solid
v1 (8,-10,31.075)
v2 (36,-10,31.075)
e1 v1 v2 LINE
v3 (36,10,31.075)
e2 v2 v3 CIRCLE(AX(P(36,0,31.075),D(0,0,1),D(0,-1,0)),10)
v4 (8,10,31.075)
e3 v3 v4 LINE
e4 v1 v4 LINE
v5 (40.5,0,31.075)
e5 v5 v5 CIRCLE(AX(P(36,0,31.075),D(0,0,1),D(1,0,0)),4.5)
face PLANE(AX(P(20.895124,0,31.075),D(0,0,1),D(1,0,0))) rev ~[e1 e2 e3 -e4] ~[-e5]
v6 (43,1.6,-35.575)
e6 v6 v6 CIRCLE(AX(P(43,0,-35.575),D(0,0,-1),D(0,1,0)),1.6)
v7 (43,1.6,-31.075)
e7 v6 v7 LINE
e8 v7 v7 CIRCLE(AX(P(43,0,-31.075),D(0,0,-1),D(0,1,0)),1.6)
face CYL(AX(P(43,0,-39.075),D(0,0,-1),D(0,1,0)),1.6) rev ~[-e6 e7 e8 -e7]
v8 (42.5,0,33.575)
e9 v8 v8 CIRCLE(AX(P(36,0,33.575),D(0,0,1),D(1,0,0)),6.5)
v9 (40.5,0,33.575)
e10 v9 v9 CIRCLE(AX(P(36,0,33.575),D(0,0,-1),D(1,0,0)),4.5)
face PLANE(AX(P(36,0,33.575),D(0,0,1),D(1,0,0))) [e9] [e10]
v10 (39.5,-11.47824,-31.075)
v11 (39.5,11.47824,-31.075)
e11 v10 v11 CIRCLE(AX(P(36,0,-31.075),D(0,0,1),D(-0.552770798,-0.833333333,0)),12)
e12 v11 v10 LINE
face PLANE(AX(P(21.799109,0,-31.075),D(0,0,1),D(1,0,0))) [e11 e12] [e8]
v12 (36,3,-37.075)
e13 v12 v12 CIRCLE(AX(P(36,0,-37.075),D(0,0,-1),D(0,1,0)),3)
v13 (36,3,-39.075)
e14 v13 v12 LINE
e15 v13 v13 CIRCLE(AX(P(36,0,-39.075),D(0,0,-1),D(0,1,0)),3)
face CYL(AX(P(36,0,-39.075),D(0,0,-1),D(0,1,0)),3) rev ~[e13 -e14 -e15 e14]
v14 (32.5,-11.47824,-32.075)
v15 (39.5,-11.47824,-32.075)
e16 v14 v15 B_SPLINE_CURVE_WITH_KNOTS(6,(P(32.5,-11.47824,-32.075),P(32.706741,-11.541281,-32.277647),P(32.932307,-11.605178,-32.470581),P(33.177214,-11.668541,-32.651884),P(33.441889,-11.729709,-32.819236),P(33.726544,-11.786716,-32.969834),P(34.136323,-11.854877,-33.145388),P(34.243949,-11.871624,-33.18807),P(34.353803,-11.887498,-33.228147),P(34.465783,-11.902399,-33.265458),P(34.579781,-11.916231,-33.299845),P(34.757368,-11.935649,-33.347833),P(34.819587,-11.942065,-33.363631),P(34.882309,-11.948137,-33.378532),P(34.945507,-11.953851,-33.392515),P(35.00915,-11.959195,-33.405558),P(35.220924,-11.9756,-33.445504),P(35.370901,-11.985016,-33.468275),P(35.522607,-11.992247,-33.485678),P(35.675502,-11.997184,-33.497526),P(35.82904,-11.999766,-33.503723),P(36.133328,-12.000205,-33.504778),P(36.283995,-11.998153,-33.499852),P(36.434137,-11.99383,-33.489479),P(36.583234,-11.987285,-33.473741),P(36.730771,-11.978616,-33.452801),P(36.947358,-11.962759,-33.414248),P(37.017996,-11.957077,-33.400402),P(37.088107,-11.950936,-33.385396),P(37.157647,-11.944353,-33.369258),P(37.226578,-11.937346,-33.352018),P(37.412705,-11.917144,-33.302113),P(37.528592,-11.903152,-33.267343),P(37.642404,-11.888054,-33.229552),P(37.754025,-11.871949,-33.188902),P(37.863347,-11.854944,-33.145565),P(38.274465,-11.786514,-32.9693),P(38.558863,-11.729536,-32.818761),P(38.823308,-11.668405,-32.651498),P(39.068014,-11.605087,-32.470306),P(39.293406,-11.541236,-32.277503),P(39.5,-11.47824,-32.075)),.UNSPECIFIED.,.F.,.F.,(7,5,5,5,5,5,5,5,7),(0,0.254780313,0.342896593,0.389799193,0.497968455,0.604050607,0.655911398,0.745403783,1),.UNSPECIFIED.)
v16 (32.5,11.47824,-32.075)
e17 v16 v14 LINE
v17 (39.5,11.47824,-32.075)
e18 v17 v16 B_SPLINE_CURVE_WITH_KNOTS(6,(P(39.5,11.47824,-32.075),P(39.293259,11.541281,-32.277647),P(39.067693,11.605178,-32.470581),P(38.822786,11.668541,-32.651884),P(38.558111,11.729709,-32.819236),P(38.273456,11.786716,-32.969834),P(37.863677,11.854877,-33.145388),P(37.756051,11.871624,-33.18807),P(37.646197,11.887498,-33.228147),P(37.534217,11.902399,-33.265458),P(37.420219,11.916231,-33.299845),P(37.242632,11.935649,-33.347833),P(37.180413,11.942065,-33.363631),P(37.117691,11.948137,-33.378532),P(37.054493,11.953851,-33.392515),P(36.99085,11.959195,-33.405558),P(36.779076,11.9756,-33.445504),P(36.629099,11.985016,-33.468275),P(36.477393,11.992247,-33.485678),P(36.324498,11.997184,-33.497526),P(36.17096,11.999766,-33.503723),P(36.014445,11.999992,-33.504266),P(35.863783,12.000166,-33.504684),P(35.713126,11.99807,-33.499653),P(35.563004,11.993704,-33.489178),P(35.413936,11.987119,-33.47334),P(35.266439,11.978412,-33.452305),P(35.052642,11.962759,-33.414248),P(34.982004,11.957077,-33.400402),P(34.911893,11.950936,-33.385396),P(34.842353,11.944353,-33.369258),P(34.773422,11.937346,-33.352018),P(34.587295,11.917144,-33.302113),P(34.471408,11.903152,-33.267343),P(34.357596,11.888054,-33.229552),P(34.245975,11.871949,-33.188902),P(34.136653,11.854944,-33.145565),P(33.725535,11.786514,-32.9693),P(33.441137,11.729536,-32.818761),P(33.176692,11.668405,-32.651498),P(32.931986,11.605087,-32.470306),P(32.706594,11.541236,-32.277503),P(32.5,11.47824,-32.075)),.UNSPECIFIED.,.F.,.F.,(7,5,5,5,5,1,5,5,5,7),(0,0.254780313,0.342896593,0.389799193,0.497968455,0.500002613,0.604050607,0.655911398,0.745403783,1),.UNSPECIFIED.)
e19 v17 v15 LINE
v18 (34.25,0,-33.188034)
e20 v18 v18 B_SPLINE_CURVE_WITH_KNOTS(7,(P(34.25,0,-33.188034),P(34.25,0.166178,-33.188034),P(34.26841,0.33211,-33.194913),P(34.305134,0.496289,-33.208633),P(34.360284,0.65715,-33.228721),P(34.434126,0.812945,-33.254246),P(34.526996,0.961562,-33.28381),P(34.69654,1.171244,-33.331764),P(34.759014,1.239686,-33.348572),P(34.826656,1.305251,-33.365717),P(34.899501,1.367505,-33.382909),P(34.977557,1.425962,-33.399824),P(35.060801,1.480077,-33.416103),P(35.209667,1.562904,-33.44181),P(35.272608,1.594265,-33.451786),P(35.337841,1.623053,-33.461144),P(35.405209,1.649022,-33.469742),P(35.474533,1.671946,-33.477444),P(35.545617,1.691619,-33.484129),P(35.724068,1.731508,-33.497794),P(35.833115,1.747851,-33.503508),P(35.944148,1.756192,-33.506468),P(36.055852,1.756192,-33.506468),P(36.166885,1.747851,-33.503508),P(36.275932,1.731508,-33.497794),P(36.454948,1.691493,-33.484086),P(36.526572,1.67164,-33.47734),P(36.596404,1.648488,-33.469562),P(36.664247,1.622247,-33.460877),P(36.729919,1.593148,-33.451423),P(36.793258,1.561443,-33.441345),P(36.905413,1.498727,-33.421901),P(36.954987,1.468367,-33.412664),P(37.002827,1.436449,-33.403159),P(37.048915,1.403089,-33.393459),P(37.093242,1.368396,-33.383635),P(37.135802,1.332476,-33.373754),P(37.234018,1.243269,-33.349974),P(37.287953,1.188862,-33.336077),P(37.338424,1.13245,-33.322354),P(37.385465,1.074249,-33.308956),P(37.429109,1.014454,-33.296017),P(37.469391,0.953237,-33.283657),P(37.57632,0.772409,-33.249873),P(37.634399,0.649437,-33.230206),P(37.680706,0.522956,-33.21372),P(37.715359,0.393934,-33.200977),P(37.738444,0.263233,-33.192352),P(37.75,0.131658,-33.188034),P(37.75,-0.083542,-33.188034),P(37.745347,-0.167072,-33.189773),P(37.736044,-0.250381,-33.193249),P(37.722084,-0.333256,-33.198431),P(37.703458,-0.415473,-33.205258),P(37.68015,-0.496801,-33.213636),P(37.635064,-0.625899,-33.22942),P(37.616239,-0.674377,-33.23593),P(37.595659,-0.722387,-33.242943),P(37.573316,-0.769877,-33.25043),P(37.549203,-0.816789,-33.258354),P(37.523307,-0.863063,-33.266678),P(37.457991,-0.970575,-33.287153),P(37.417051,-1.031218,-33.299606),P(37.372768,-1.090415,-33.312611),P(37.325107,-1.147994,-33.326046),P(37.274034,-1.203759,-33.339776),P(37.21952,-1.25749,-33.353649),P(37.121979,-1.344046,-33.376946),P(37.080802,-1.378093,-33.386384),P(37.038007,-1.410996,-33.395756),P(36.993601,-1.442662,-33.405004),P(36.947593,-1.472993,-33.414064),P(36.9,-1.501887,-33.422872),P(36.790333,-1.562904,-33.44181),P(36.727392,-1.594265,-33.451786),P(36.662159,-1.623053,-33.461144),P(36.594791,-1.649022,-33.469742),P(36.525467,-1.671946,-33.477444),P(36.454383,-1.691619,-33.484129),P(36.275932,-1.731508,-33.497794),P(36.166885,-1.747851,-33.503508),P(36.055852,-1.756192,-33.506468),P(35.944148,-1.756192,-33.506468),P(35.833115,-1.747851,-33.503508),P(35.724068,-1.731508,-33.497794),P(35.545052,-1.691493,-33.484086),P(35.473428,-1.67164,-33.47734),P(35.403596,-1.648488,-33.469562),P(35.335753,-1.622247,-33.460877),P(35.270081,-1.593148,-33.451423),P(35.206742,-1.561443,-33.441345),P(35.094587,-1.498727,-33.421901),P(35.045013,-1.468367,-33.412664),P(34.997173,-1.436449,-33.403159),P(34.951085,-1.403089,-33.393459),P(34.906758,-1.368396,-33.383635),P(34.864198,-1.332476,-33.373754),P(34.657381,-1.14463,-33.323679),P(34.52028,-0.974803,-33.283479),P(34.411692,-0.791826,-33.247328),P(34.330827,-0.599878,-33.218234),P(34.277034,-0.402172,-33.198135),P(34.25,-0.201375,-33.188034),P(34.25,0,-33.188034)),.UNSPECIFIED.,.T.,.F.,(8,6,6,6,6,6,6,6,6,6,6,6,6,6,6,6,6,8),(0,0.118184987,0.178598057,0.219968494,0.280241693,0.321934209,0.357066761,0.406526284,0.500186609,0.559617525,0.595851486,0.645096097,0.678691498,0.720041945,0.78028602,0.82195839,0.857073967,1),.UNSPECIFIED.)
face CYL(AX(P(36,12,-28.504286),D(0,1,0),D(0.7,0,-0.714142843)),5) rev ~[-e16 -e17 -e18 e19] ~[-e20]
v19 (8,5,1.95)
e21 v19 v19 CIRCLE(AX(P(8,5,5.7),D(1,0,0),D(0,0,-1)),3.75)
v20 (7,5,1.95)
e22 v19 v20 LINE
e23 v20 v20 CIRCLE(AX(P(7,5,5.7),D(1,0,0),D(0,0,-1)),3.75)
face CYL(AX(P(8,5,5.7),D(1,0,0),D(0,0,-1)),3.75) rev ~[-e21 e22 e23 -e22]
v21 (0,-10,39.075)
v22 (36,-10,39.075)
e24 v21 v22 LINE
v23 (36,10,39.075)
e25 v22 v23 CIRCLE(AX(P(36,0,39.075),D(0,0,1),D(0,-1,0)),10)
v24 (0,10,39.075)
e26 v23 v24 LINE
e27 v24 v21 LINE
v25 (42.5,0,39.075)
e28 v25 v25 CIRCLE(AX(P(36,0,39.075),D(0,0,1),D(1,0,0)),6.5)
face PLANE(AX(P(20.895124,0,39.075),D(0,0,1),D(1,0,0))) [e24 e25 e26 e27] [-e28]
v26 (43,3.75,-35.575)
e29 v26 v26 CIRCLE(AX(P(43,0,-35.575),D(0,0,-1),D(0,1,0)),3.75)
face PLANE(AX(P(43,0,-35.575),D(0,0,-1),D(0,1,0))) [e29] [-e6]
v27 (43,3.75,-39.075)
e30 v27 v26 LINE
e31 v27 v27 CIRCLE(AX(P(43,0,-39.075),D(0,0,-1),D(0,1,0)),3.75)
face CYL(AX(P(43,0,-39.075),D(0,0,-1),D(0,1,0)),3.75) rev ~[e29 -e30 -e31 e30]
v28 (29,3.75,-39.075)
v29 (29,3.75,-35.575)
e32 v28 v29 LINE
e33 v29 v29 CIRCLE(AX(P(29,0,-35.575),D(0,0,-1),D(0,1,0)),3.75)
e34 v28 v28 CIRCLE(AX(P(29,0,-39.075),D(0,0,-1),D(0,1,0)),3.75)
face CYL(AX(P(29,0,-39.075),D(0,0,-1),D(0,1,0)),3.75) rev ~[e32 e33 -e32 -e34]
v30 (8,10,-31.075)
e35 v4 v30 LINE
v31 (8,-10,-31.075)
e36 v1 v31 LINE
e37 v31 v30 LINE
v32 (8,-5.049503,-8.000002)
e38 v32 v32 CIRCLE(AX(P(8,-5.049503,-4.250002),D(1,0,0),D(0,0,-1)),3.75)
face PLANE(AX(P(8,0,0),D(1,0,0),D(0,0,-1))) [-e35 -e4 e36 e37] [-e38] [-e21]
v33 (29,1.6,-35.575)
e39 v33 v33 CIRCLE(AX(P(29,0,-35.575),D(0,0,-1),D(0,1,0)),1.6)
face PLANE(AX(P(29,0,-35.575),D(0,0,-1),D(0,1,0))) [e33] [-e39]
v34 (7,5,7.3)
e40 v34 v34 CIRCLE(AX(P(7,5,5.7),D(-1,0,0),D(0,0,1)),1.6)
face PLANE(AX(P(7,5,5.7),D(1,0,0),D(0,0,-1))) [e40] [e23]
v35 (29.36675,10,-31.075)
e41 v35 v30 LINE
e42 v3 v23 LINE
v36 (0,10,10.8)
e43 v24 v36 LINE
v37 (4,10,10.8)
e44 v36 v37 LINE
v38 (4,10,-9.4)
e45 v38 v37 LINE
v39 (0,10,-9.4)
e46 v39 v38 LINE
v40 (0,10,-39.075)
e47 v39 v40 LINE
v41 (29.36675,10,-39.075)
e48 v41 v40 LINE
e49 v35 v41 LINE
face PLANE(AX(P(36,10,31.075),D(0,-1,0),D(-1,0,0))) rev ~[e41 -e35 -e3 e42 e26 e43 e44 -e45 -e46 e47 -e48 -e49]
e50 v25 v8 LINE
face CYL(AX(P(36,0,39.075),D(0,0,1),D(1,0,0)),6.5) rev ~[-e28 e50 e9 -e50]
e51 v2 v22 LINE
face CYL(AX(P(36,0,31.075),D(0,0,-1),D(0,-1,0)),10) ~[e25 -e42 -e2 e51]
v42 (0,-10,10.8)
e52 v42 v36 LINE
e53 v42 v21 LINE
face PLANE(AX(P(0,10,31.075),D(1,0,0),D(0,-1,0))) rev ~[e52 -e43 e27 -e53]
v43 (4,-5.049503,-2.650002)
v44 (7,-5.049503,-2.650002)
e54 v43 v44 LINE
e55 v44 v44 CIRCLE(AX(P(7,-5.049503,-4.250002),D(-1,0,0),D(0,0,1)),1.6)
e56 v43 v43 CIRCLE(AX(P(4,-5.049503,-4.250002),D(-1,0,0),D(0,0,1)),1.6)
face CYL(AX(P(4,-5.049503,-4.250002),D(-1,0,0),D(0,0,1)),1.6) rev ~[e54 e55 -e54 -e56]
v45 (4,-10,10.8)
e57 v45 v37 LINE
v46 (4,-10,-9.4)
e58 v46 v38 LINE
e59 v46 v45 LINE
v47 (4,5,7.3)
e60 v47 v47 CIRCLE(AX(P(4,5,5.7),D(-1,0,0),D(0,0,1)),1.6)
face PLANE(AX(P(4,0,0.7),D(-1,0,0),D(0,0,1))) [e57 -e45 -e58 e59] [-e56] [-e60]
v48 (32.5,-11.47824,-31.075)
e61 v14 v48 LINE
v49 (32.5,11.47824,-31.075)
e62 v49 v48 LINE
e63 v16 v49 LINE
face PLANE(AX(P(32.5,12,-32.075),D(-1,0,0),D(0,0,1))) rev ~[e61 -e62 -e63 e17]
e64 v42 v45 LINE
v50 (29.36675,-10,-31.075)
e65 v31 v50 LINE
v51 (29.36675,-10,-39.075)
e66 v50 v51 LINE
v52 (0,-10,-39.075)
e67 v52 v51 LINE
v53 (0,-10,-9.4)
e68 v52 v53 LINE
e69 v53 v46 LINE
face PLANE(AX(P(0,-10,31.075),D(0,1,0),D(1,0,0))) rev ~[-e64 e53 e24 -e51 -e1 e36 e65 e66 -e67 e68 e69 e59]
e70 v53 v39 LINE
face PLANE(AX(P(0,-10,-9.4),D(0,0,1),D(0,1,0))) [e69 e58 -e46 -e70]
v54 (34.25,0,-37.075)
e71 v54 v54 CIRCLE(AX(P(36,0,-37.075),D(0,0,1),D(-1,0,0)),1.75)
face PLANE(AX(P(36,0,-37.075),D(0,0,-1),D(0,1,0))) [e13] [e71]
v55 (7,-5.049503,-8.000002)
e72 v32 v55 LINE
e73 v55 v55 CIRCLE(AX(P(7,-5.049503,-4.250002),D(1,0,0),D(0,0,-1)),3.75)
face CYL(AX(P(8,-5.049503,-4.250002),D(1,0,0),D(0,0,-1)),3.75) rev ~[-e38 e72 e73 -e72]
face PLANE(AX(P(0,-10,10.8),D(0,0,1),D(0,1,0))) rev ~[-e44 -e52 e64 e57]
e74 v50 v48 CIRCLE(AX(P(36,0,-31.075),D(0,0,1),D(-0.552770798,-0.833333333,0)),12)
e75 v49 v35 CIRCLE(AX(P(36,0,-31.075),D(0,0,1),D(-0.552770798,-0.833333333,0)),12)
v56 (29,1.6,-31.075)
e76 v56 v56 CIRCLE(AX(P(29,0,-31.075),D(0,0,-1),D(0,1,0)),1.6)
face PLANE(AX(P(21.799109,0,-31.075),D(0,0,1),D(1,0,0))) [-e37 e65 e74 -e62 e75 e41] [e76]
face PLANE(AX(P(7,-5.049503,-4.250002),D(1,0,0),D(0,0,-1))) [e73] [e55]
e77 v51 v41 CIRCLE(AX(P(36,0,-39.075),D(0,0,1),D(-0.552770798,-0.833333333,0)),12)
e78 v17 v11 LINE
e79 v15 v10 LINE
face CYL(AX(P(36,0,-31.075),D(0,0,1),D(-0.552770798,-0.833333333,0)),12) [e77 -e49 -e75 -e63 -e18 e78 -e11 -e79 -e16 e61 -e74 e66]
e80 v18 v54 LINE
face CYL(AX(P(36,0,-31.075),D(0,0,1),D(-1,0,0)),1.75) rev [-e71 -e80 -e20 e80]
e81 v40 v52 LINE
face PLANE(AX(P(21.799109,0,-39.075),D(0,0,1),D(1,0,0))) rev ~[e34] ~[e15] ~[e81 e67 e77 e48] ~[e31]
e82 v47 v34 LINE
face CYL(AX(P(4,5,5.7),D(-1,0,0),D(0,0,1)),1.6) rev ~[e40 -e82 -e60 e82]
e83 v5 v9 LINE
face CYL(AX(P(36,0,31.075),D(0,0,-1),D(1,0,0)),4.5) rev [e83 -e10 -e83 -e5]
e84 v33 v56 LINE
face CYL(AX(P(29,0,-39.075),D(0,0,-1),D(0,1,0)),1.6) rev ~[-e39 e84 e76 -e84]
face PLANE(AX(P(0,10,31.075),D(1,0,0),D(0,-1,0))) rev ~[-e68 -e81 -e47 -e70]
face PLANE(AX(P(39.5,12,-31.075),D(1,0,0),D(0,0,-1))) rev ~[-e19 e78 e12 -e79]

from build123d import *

# Parameters (mm, degrees)
SZKIC25_W                        = 62.15
SZKIC25_H                        = 20
DODANIE_WYCI_GNI_CIE7_DEPTH      = 8
SZKIC14_R                        = 1.75
DODANIE_WYCI_GNI_CIE5_DEPTH      = 8
SZKIC16_R                        = 4.5
DODANIE_WYCI_GNI_CIE6_DEPTH      = 8
SZKIC19_R                        = 6.5
WYTNIJ_WYCI_GNI_CIE8_DEPTH       = 5.5
WYTNIJ_WYCI_GNI_CIE9_REACH       = 94.496
SZKIC20_R                        = 1.6
SZKIC21_R                        = 3.75
WYTNIJ_WYCI_GNI_CIE10_DEPTH      = 3.5
SZKIC22_R                        = 3
WYTNIJ_WYCI_GNI_CIE11_DEPTH      = 2
WYTNIJ_WYCI_GNI_CIE12_REACH      = 68.384
WYTNIJ_WYCI_GNI_CIE12_END_RADIUS = 12
SZKIC26_W                        = 20.2
SZKIC26_H                        = 20
WYTNIJ_WYCI_GNI_CIE13_DEPTH      = 4
WYTNIJ_WYCI_GNI_CIE14_REACH      = 62.057
SZKIC27_R                        = 1.6
SZKIC28_R                        = 3.75
WYTNIJ_WYCI_GNI_CIE15_DEPTH      = 1


with BuildPart() as part:
    # Szkic25 → Dodanie-wyciągnięcie7 (new body)
    with BuildSketch(Plane(origin=(0, 0, 0), x_dir=(0, 0, -1), z_dir=(1, 0, 0))):
        Rectangle(SZKIC25_W, SZKIC25_H)
    extrude(amount=DODANIE_WYCI_GNI_CIE7_DEPTH)

    # Szkic14 → Dodanie-wyciągnięcie5 (add)
    with BuildSketch(Plane(origin=(0, 0, -31.075), x_dir=(-1, 0, 0), z_dir=(0, 0, -1))):
        with BuildLine():
            Line((0, 10), (0, -10))
            Line((0, -10), (-29.366750419, -10))
            ThreePointArc((-29.366750419, -10), (-48, 0), (-29.366750419, 10))
            Line((-29.366750419, 10), (0, 10))
        make_face()
        with Locations((-36, 0)):
            Circle(SZKIC14_R, mode=Mode.SUBTRACT)
    extrude(amount=DODANIE_WYCI_GNI_CIE5_DEPTH)

    # Szkic16 → Dodanie-wyciągnięcie6 (add)
    with BuildSketch(Plane.XY.offset(31.075)):
        with BuildLine():
            Line((0, 10), (0, -10))
            Line((0, -10), (36, -10))
            ThreePointArc((36, -10), (46, 0), (36, 10))
            Line((36, 10), (0, 10))
        make_face()
        with Locations((36, 0)):
            Circle(SZKIC16_R, mode=Mode.SUBTRACT)
    extrude(amount=DODANIE_WYCI_GNI_CIE6_DEPTH)

    # Szkic19 → Wytnij-wyciągnięcie8 (cut)
    with BuildSketch(Plane.XY.offset(39.075)):
        with Locations((36, 0)):
            Circle(SZKIC19_R)
    extrude(amount=-WYTNIJ_WYCI_GNI_CIE8_DEPTH, mode=Mode.SUBTRACT)

    # Szkic20 → Wytnij-wyciągnięcie9 (cut, up to next)
    with BuildSketch(Plane(origin=(0, 0, -39.075), x_dir=(-1, 0, 0), z_dir=(0, 0, -1)), mode=Mode.PRIVATE) as wytnij_wyci_gni_cie9_sk1:
        with Locations(Location((-29, 0, 0), (0, 0, 90))):
            Circle(SZKIC20_R)
    wytnij_wyci_gni_cie9_tool1 = extrude(wytnij_wyci_gni_cie9_sk1.sketch, amount=-WYTNIJ_WYCI_GNI_CIE9_REACH, mode=Mode.PRIVATE) & part.part
    # Szkic20 → Wytnij-wyciągnięcie9 (cut, up to next)
    with BuildSketch(Plane(origin=(0, 0, -39.075), x_dir=(-1, 0, 0), z_dir=(0, 0, -1)), mode=Mode.PRIVATE) as wytnij_wyci_gni_cie9_sk2:
        with Locations(Location((-43, 0, 0), (0, 0, 90))):
            Circle(SZKIC20_R)
    wytnij_wyci_gni_cie9_tool2 = extrude(wytnij_wyci_gni_cie9_sk2.sketch, amount=-WYTNIJ_WYCI_GNI_CIE9_REACH, mode=Mode.PRIVATE) & part.part
    add(wytnij_wyci_gni_cie9_tool1.solids().sort_by_distance((29, 0, -39.075))[0], mode=Mode.SUBTRACT)
    add(wytnij_wyci_gni_cie9_tool2.solids().sort_by_distance((43, 0, -39.075))[0], mode=Mode.SUBTRACT)

    # Szkic21 → Wytnij-wyciągnięcie10 (cut)
    with BuildSketch(Plane(origin=(0, 0, -39.075), x_dir=(-1, 0, 0), z_dir=(0, 0, -1))):
        with Locations(Location((-43, 0, 0), (0, 0, 90))):
            Circle(SZKIC21_R)
        with Locations(Location((-29, 0, 0), (0, 0, 90))):
            Circle(SZKIC21_R)
    extrude(amount=-WYTNIJ_WYCI_GNI_CIE10_DEPTH, mode=Mode.SUBTRACT)

    # Szkic22 → Wytnij-wyciągnięcie11 (cut)
    with BuildSketch(Plane(origin=(0, 0, -39.075), x_dir=(-1, 0, 0), z_dir=(0, 0, -1))):
        with Locations(Location((-36, 0, 0), (0, 0, 90))):
            Circle(SZKIC22_R)
    extrude(amount=-WYTNIJ_WYCI_GNI_CIE11_DEPTH, mode=Mode.SUBTRACT)

    # Wytnij-wyciągnięcie12: up to this cylinder (the profile starts inside it)
    wytnij_wyci_gni_cie12_end = Plane(origin=(36, 0, -32.110303), z_dir=(0, 0, 1)) * Cylinder(WYTNIJ_WYCI_GNI_CIE12_END_RADIUS, 161.768, mode=Mode.PRIVATE)
    # Szkic23 → Wytnij-wyciągnięcie12 (cut, up to the surface)
    with BuildSketch(Plane(origin=(0, 12, 0), x_dir=(1, 0, 0), z_dir=(0, 1, 0)), mode=Mode.PRIVATE) as wytnij_wyci_gni_cie12_sk1:
        with BuildLine():
            Line((32.5, 31.075), (39.5, 31.075))
            Line((39.5, 31.075), (39.5, 32.075))
            ThreePointArc((39.5, 32.075), (36, 33.504285786), (32.5, 32.075))
            Line((32.5, 32.075), (32.5, 31.075))
        make_face()
    wytnij_wyci_gni_cie12_tool1 = extrude(wytnij_wyci_gni_cie12_sk1.sketch, amount=-WYTNIJ_WYCI_GNI_CIE12_REACH, mode=Mode.PRIVATE) & wytnij_wyci_gni_cie12_end
    add(wytnij_wyci_gni_cie12_tool1.solids().sort_by_distance((36, 12, -32.110303))[0], mode=Mode.SUBTRACT)

    # Szkic26 → Wytnij-wyciągnięcie13 (cut)
    with BuildSketch(Plane.ZY):
        with Locations((0.7, 0)):
            Rectangle(SZKIC26_W, SZKIC26_H)
    extrude(amount=-WYTNIJ_WYCI_GNI_CIE13_DEPTH, mode=Mode.SUBTRACT)

    # Szkic27 → Wytnij-wyciągnięcie14 (cut, up to next)
    with BuildSketch(Plane.ZY.offset(-4), mode=Mode.PRIVATE) as wytnij_wyci_gni_cie14_sk1:
        with Locations((5.7, 5)):
            Circle(SZKIC27_R)
    wytnij_wyci_gni_cie14_tool1 = extrude(wytnij_wyci_gni_cie14_sk1.sketch, amount=-WYTNIJ_WYCI_GNI_CIE14_REACH, mode=Mode.PRIVATE) & part.part
    # Szkic27 → Wytnij-wyciągnięcie14 (cut, up to next)
    with BuildSketch(Plane.ZY.offset(-4), mode=Mode.PRIVATE) as wytnij_wyci_gni_cie14_sk2:
        with Locations((-4.250002475, -5.0495025)):
            Circle(SZKIC27_R)
    wytnij_wyci_gni_cie14_tool2 = extrude(wytnij_wyci_gni_cie14_sk2.sketch, amount=-WYTNIJ_WYCI_GNI_CIE14_REACH, mode=Mode.PRIVATE) & part.part
    add(wytnij_wyci_gni_cie14_tool1.solids().sort_by_distance((4, 5, 5.7))[0], mode=Mode.SUBTRACT)
    add(wytnij_wyci_gni_cie14_tool2.solids().sort_by_distance((4, -5.049502, -4.250002))[0], mode=Mode.SUBTRACT)

    # Szkic28 → Wytnij-wyciągnięcie15 (cut)
    with BuildSketch(Plane(origin=(8, 0, 0), x_dir=(0, 0, -1), z_dir=(1, 0, 0))):
        with Locations((-5.7, 5)):
            Circle(SZKIC28_R)
        with Locations((4.250002475, -5.0495025)):
            Circle(SZKIC28_R)
    extrude(amount=-WYTNIJ_WYCI_GNI_CIE15_DEPTH, mode=Mode.SUBTRACT)


solid = part.part
